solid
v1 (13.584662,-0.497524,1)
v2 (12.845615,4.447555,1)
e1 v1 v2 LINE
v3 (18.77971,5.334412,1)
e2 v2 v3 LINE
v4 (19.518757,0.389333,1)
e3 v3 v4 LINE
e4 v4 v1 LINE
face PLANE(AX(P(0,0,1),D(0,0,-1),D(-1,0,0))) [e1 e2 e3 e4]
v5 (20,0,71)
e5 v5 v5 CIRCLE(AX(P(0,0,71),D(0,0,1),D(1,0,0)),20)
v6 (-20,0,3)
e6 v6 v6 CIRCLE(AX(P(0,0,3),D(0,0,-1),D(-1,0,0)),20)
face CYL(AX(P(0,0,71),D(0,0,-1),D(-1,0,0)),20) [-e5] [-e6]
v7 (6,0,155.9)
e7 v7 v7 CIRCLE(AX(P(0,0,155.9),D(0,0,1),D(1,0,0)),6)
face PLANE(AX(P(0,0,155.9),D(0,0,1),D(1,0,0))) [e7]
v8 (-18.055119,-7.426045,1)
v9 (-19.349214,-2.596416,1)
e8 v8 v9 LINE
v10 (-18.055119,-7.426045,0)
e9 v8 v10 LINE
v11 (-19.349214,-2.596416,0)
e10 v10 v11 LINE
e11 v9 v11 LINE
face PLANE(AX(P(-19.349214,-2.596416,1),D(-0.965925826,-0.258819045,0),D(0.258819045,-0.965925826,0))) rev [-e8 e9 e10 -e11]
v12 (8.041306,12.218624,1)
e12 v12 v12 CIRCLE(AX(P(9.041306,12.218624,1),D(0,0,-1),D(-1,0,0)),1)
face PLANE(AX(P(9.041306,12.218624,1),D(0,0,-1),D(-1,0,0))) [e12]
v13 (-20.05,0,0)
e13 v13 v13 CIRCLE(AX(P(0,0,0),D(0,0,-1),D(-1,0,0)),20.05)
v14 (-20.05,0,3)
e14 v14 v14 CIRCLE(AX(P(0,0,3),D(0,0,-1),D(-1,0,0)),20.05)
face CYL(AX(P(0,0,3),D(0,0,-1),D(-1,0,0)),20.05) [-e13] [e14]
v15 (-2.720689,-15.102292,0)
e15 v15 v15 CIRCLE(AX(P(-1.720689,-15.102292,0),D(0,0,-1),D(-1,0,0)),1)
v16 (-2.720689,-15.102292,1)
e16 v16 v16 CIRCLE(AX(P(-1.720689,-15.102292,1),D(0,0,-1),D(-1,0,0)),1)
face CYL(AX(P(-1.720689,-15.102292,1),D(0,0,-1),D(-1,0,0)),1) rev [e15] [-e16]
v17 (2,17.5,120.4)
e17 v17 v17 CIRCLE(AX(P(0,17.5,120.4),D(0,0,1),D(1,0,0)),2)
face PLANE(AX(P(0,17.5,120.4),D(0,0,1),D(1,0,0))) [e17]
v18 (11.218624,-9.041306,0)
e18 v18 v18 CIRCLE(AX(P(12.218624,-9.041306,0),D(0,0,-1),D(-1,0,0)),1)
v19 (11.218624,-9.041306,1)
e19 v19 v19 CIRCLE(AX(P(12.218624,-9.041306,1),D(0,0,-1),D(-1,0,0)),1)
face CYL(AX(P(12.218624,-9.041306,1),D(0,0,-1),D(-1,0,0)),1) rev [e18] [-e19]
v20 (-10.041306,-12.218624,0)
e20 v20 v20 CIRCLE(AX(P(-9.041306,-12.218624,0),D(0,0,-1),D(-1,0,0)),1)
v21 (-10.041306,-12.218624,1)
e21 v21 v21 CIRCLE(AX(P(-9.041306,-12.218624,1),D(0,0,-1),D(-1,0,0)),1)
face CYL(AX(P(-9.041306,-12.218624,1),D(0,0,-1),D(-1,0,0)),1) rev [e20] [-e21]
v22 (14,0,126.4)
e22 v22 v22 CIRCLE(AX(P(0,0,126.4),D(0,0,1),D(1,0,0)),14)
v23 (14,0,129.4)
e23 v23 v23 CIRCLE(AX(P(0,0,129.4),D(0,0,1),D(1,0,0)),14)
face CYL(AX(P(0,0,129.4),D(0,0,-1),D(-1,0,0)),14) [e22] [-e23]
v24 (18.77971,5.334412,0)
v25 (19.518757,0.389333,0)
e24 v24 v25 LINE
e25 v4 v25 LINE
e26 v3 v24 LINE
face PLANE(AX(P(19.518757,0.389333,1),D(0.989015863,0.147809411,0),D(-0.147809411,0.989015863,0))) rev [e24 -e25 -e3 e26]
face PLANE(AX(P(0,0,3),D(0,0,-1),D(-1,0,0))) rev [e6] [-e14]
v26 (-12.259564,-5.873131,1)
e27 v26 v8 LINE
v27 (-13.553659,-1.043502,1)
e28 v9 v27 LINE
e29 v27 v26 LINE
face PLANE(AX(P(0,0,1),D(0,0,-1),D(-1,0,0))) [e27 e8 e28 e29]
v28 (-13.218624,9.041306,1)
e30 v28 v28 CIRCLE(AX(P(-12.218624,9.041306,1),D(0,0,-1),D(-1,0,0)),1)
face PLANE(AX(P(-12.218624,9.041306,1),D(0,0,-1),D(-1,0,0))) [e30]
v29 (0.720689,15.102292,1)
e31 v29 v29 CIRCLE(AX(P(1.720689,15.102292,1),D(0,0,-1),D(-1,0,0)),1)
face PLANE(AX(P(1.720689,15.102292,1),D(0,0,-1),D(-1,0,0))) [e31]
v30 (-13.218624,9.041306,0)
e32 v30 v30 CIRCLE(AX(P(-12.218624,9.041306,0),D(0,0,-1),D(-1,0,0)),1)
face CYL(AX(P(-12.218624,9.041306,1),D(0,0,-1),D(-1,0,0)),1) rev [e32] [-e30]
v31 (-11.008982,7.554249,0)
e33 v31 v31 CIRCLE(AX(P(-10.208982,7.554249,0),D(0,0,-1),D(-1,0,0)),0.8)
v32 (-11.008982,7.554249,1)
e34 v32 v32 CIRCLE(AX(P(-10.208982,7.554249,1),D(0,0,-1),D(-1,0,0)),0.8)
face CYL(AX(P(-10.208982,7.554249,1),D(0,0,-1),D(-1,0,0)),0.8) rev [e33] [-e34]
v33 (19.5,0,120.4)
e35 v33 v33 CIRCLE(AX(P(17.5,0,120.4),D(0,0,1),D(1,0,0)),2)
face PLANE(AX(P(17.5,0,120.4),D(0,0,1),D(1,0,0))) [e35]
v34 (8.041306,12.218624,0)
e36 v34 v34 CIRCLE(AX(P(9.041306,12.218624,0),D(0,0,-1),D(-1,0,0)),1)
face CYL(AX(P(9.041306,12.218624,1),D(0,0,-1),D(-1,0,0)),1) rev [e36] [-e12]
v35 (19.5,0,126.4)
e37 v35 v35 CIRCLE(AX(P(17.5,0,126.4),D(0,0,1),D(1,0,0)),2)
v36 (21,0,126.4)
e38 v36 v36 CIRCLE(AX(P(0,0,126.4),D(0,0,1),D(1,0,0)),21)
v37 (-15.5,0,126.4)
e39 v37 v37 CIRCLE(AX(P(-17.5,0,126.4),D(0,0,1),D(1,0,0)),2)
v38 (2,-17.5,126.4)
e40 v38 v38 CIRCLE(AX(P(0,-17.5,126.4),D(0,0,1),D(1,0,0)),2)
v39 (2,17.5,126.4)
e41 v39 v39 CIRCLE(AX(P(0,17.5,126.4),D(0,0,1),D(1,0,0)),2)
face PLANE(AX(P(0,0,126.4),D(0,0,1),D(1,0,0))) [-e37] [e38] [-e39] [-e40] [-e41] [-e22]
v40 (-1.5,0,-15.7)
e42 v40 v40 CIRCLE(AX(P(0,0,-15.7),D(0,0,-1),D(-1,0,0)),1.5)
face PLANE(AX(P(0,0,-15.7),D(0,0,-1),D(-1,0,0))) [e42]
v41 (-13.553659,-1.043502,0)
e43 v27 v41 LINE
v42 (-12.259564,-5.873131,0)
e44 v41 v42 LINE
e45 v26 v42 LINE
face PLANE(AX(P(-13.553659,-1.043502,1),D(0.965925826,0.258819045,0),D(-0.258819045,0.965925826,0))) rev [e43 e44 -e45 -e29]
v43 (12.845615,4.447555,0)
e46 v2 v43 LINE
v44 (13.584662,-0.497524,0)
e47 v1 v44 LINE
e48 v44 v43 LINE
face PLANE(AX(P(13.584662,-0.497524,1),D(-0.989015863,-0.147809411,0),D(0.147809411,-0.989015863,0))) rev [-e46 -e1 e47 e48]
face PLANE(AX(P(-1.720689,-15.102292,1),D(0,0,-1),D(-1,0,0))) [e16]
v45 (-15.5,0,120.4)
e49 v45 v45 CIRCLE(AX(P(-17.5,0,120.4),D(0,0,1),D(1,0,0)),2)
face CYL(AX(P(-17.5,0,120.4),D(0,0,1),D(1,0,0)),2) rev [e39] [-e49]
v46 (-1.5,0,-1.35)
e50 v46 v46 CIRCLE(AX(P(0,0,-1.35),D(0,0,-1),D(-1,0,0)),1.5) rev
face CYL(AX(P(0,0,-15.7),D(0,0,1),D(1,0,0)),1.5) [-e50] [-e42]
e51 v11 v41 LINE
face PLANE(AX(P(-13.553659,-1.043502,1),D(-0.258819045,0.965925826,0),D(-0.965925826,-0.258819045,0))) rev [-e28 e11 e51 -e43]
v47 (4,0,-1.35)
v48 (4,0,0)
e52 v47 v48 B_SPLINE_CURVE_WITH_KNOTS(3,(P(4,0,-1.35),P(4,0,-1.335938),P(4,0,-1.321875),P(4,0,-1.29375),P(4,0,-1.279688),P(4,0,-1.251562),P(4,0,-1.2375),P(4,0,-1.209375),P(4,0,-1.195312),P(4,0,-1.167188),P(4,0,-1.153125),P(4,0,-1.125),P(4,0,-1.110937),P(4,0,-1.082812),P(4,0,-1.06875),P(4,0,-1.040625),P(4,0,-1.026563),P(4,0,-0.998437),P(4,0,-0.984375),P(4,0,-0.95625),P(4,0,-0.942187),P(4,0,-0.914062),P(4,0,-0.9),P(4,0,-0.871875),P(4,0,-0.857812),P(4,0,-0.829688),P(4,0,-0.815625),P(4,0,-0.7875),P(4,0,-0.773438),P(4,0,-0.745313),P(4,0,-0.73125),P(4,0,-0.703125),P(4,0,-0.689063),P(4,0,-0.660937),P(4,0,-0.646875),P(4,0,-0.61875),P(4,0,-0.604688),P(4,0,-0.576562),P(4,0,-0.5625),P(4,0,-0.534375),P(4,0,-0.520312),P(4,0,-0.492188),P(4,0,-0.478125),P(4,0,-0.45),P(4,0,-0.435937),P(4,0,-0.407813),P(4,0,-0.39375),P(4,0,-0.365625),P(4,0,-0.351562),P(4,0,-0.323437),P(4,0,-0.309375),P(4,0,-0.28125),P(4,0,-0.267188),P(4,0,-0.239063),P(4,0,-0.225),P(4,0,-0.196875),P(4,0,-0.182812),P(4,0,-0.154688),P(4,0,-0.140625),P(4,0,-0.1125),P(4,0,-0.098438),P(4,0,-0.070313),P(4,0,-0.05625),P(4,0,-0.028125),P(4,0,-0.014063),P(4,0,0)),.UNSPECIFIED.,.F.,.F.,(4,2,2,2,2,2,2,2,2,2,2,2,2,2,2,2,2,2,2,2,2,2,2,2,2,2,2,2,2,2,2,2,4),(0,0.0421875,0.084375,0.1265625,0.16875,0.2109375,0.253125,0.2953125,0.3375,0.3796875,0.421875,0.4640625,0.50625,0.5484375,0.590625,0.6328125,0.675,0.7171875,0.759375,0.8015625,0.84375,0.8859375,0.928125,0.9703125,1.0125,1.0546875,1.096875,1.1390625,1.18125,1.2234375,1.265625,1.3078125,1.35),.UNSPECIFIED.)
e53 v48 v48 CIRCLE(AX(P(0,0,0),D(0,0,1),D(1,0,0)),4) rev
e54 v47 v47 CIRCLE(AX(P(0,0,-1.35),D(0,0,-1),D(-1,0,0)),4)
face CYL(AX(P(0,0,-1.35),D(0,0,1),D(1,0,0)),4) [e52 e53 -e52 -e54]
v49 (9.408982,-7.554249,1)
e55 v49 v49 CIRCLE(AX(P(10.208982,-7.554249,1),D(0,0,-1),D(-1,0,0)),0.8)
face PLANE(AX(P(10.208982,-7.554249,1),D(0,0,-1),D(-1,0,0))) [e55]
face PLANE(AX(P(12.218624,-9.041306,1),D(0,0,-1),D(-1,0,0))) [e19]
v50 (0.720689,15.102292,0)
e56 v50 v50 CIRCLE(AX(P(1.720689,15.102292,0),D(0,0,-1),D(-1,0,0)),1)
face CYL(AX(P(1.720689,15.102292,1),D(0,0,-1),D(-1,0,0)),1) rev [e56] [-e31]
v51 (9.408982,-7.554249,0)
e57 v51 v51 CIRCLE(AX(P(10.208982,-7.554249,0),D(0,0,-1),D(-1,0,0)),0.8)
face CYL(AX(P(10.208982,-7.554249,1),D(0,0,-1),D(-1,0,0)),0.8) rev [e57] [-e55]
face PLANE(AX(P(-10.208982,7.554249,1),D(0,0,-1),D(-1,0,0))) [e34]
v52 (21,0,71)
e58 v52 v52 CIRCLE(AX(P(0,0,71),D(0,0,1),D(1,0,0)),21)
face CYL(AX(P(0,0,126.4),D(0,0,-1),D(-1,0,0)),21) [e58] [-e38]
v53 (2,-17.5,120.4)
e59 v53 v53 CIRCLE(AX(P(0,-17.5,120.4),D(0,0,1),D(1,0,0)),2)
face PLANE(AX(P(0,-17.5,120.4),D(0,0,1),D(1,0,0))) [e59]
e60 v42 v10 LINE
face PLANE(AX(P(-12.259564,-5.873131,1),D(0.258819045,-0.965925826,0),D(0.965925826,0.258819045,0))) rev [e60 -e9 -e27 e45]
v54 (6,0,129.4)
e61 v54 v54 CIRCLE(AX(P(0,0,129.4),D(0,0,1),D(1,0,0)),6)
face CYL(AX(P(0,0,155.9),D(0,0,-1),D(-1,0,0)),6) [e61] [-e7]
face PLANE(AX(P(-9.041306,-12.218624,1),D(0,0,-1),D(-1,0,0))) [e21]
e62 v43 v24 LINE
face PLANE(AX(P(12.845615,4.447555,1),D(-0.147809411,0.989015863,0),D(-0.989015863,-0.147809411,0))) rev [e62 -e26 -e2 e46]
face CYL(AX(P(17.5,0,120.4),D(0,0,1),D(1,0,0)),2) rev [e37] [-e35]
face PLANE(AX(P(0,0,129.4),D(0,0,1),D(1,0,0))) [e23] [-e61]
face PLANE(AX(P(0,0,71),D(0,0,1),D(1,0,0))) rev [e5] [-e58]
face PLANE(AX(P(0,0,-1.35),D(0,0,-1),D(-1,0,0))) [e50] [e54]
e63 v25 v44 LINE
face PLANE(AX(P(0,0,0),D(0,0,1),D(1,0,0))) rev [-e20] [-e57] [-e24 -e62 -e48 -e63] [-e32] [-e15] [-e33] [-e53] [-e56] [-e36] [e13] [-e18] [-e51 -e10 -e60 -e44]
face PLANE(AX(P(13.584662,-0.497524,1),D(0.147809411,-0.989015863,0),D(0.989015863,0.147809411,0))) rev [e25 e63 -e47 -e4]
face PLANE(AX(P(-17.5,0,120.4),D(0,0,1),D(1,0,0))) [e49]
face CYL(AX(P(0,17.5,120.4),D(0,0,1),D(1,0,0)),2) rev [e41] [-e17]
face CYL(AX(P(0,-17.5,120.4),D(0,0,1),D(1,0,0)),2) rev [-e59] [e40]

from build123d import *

# Parameters (mm, degrees)
ESQUISSE1_R             = 20
BOSS_EXTRU_1_DEPTH      = 71
ESQUISSE2_R             = 4
BOSS_EXTRU_2_DEPTH      = 1.35
ESQUISSE3_R             = 1.5
BOSS_EXTRU_3_DEPTH      = 15.7
ESQUISSE11_R            = 20.05
BOSS_EXTRU_8_DEPTH      = 3
ESQUISSE12_R            = 1
ESQUISSE12_R_2          = 0.8
ENL_V_MAT_EXTRU_4_DEPTH = 1
ESQUISSE4_R             = 21
BOSS_EXTRU_9_DEPTH      = 55.4
ESQUISSE13_R            = 14
BOSS_EXTRU_10_DEPTH     = 3
ESQUISSE14_R            = 6
BOSS_EXTRU_11_DEPTH     = 26.5
ESQUISSE15_R            = 2
ENL_V_MAT_EXTRU_5_DEPTH = 6


with BuildPart() as part:
    # Esquisse1 → Boss.-Extru.1 (new body)
    with BuildSketch(Plane.XY):
        Circle(ESQUISSE1_R)
    extrude(amount=BOSS_EXTRU_1_DEPTH)

    # Esquisse2 → Boss.-Extru.2 (add)
    with BuildSketch(Plane(origin=(0, 0, 0), x_dir=(-1, 0, 0), z_dir=(0, 0, -1))):
        with Locations(Location((0, 0, 0), (0, 0, 180))):
            Circle(ESQUISSE2_R)
    extrude(amount=BOSS_EXTRU_2_DEPTH)

    # Esquisse3 → Boss.-Extru.3 (add)
    with BuildSketch(Plane(origin=(0, 0, 0), x_dir=(-1, 0, 0), z_dir=(0, 0, -1))):
        Circle(ESQUISSE3_R)
    extrude(amount=BOSS_EXTRU_3_DEPTH)

    # Esquisse11 → Boss.-Extru.8 (add)
    with BuildSketch(Plane(origin=(0, 0, 0), x_dir=(-1, 0, 0), z_dir=(0, 0, -1))):
        Circle(ESQUISSE11_R)
    extrude(amount=-BOSS_EXTRU_8_DEPTH)

    # Esquisse12 → Enlèv. mat.-Extru.4 (cut)
    with BuildSketch(Plane(origin=(0, 0, 0), x_dir=(-1, 0, 0), z_dir=(0, 0, -1))):
        with Locations((1.720688849, -15.102292206)):
            Circle(ESQUISSE12_R)
        with Locations((-1.720688849, 15.102292206)):
            Circle(ESQUISSE12_R)
        with Locations((-12.218624281, -9.041306359)):
            Circle(ESQUISSE12_R)
        with Locations((10.20898213, 7.554249392)):
            Circle(ESQUISSE12_R_2)
        with Locations((-10.20898213, -7.554249392)):
            Circle(ESQUISSE12_R_2)
        with Locations((-9.041306359, 12.218624281)):
            Circle(ESQUISSE12_R)
        with Locations((12.218624281, 9.041306359)):
            Circle(ESQUISSE12_R)
        with Locations((9.041306359, -12.218624281)):
            Circle(ESQUISSE12_R)
        Polygon((13.553659243, -1.043501598), (19.3492142, -2.596415868), (18.055118975, -7.426045), (12.259564017, -5.873130729), align=None)
        Polygon((-13.584662099, -0.497523966), (-19.51875728, 0.389332501), (-18.779710224, 5.334411818), (-12.845615044, 4.447555351), align=None)
    extrude(amount=-ENL_V_MAT_EXTRU_4_DEPTH, mode=Mode.SUBTRACT)

    # Esquisse4 → Boss.-Extru.9 (add)
    with BuildSketch(Plane.XY.offset(71)):
        Circle(ESQUISSE4_R)
    extrude(amount=BOSS_EXTRU_9_DEPTH)

    # Esquisse13 → Boss.-Extru.10 (add)
    with BuildSketch(Plane.XY.offset(126.4)):
        Circle(ESQUISSE13_R)
    extrude(amount=BOSS_EXTRU_10_DEPTH)

    # Esquisse14 → Boss.-Extru.11 (add)
    with BuildSketch(Plane.XY.offset(129.4)):
        Circle(ESQUISSE14_R)
    extrude(amount=BOSS_EXTRU_11_DEPTH)

    # Esquisse15 → Enlèv. mat.-Extru.5 (cut)
    with BuildSketch(Plane.XY.offset(126.4)):
        with Locations((0, -17.5)):
            Circle(ESQUISSE15_R)
        with Locations((-17.5, 0)):
            Circle(ESQUISSE15_R)
        with Locations((0, 17.5)):
            Circle(ESQUISSE15_R)
        with Locations((17.5, 0)):
            Circle(ESQUISSE15_R)
    extrude(amount=-ENL_V_MAT_EXTRU_5_DEPTH, mode=Mode.SUBTRACT)


solid = part.part
